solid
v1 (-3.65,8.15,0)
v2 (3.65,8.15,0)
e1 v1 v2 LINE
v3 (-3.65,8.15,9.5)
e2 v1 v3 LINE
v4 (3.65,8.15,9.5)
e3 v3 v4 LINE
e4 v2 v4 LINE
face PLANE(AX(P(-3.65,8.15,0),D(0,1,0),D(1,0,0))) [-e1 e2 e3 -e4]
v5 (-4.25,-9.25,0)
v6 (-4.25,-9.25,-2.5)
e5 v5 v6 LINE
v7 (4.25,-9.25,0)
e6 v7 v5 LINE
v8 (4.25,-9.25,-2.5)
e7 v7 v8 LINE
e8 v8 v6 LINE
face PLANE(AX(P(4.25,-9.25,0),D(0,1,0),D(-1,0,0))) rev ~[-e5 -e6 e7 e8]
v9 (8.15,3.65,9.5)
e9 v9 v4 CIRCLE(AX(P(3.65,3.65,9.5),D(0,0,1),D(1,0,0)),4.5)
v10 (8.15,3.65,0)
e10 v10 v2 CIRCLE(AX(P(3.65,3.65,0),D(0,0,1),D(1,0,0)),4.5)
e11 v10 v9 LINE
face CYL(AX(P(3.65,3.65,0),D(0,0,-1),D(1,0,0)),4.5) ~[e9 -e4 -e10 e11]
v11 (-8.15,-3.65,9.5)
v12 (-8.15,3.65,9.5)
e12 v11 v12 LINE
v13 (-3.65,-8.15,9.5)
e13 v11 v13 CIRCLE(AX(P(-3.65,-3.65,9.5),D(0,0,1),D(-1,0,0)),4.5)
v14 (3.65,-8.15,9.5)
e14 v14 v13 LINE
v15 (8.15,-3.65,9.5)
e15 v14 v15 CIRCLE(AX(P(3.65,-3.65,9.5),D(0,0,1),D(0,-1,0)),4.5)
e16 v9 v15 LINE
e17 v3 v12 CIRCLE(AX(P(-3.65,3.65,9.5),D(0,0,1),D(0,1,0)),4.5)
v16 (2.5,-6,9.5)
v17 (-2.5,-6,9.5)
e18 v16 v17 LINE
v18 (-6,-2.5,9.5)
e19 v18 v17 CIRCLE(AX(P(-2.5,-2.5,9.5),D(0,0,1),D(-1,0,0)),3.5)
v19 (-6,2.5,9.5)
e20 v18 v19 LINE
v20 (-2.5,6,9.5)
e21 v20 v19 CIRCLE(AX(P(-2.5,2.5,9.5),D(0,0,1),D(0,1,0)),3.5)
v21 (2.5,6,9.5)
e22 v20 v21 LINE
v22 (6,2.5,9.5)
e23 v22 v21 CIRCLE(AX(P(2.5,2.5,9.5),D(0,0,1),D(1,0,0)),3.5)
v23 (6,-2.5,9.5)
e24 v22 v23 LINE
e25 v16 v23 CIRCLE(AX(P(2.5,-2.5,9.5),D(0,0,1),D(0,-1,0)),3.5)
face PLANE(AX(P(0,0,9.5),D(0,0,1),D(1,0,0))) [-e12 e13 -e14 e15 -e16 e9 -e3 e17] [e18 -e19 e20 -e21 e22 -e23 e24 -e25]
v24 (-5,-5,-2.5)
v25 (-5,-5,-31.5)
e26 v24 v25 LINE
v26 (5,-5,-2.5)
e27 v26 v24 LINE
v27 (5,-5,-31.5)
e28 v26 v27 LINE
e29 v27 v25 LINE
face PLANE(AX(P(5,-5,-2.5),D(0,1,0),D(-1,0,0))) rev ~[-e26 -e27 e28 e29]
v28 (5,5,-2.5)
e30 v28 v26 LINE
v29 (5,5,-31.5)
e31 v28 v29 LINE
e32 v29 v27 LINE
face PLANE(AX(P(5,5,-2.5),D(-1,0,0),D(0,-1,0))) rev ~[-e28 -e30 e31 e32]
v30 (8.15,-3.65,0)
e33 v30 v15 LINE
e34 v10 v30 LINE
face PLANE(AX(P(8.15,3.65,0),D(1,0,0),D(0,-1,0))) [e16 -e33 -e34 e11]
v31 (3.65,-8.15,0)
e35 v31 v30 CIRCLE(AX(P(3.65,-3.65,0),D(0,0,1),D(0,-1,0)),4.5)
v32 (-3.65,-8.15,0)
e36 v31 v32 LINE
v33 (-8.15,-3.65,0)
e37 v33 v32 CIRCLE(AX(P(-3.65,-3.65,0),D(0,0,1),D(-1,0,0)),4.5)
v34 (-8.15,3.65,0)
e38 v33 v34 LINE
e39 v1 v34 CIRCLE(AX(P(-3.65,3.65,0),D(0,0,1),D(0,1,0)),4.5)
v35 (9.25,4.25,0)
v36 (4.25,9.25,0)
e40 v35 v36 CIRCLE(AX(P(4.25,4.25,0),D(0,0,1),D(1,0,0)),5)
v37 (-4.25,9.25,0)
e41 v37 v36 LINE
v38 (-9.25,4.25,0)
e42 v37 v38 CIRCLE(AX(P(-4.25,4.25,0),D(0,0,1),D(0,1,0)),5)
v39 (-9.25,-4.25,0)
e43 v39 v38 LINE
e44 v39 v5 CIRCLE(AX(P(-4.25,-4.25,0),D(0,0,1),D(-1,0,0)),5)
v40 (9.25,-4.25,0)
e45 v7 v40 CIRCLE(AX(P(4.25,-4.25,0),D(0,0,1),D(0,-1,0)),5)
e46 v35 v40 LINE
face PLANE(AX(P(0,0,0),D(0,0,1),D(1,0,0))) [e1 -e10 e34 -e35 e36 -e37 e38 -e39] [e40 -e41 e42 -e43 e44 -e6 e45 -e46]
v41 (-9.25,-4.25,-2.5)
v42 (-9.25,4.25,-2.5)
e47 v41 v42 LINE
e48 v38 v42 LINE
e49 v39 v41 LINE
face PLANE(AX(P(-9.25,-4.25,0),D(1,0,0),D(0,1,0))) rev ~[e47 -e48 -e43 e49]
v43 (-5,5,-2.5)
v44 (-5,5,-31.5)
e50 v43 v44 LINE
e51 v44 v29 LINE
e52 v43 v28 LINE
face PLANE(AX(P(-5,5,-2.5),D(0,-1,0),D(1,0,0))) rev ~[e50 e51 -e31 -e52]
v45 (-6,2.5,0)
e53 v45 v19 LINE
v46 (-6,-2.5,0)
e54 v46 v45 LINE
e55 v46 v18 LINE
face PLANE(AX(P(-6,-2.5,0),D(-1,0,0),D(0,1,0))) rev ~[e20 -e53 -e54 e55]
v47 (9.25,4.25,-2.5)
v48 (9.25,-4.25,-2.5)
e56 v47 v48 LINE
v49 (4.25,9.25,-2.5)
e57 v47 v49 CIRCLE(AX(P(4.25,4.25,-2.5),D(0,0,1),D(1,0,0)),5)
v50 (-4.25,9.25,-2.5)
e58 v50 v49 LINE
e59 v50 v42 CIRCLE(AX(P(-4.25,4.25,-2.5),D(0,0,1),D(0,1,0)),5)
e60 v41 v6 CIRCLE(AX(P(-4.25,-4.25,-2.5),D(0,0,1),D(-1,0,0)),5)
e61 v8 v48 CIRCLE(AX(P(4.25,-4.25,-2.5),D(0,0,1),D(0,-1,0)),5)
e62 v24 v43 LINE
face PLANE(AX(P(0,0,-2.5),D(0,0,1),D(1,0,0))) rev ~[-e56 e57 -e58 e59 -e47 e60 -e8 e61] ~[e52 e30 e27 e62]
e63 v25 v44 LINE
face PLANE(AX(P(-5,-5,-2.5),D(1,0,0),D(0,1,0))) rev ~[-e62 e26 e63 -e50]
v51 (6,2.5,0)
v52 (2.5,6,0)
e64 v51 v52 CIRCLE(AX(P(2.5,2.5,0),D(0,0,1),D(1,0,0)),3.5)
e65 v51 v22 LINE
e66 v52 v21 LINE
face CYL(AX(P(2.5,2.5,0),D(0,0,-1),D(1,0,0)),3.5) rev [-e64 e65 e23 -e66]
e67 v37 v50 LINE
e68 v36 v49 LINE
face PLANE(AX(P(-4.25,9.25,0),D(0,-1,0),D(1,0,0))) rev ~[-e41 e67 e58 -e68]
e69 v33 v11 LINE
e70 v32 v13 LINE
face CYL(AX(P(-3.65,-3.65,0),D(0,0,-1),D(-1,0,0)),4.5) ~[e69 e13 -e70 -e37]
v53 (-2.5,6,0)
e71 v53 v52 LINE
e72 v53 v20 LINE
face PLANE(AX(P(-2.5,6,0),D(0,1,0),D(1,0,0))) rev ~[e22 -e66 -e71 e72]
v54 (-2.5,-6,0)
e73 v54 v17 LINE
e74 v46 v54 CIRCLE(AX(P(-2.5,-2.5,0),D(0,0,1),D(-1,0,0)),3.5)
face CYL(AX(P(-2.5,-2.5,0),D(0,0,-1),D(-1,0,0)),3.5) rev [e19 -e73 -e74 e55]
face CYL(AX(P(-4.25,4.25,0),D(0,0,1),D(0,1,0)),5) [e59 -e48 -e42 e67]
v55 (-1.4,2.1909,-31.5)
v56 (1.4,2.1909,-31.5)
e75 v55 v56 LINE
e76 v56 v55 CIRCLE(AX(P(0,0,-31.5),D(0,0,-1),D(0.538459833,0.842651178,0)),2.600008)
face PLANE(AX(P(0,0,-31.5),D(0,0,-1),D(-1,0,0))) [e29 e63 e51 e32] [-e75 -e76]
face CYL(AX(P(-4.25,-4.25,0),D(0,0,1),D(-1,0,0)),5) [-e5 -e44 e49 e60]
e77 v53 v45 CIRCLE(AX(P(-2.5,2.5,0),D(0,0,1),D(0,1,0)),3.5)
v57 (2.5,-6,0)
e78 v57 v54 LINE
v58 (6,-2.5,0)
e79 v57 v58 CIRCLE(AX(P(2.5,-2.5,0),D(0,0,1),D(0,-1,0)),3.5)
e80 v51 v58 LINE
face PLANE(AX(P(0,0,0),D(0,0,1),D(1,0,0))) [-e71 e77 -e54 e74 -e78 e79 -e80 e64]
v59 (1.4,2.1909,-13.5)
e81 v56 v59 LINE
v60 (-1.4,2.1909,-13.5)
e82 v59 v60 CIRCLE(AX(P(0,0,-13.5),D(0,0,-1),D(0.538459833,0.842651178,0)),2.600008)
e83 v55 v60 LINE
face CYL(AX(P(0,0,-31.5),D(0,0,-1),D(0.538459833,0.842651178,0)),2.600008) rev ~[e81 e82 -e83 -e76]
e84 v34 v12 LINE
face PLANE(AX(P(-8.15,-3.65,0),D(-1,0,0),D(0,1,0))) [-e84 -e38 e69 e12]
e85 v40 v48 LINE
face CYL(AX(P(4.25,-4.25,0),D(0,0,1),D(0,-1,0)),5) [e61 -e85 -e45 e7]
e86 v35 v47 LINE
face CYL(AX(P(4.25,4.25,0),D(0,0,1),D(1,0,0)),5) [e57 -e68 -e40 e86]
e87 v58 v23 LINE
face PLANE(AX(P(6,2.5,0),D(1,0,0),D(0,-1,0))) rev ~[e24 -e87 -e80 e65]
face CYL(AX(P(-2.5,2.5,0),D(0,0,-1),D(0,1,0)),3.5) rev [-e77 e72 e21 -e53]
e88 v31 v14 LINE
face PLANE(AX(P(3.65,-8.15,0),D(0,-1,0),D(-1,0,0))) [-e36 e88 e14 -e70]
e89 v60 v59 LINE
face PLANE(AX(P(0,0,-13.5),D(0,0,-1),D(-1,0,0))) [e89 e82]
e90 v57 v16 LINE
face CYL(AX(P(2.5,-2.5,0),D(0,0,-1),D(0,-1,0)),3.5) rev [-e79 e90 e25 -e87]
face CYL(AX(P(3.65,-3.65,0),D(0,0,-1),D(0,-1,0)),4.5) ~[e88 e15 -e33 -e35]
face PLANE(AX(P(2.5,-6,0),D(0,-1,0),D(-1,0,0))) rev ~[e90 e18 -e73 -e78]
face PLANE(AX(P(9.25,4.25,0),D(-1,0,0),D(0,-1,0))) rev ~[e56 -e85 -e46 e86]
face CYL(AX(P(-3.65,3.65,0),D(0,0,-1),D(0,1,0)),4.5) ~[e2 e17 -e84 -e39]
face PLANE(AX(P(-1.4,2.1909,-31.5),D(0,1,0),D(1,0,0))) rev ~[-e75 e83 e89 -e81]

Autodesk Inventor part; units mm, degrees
ref_plane "YZ Plane" through (0, 0, 0) normal (1, 0, 0) x (0, 1, 0)
ref_plane "XZ Plane" through (0, 0, 0) normal (0, 1, 0) x (-1, 0, 0)
ref_plane "XY Plane" through (0, 0, 0) normal (0, 0, 1) x (1, 0, 0)
sketch "Boceto1" plane through (0, 0, 0) normal (0, 0, 1) x (1, 0, 0)
  line L0 (-4.25, 9.25) -> (4.25, 9.25)
  line L1 (9.25, 4.25) -> (9.25, -4.25)
  line L2 (4.25, -9.25) -> (-4.25, -9.25)
  line L3 (-9.25, -4.25) -> (-9.25, 4.25)
  arc A0 (-4.25, 9.25) -> (-9.25, 4.25) centre (-4.25, 4.25) ccw
  arc A1 (-9.25, -4.25) -> (-4.25, -9.25) centre (-4.25, -4.25) ccw
  arc A2 (4.25, -9.25) -> (9.25, -4.25) centre (4.25, -4.25) ccw
  arc A3 (9.25, 4.25) -> (4.25, 9.25) centre (4.25, 4.25) ccw
extrude "Extrusión1" add sketch "Boceto1" against normal blind 2.5
sketch "Boceto3" plane through (0, 0, -2.5) normal (0, 0, -1) x (-1, 0, 0)
  line L0 (-5, -5) -> (5, -5)
  line L1 (5, -5) -> (5, 5)
  line L2 (5, 5) -> (-5, 5)
  line L3 (-5, 5) -> (-5, -5)
extrude "Extrusión2" add sketch "Boceto3" along normal blind 29
sketch "Boceto4" plane through (0, 0, 0) normal (0, 0, 1) x (1, 0, 0)
  line L0 (-3.65, 8.15) -> (3.65, 8.15)
  line L1 (8.15, 3.65) -> (8.15, -3.65)
  line L2 (3.65, -8.15) -> (-3.65, -8.15)
  line L3 (-8.15, -3.65) -> (-8.15, 3.65)
  arc A0 (3.65, -8.15) -> (8.15, -3.65) centre (3.65, -3.65) ccw
  arc A1 (-8.15, -3.65) -> (-3.65, -8.15) centre (-3.65, -3.65) ccw
  arc A2 (-3.65, 8.15) -> (-8.15, 3.65) centre (-3.65, 3.65) ccw
  arc A3 (8.15, 3.65) -> (3.65, 8.15) centre (3.65, 3.65) ccw
  line L4 (-2.5, 6) -> (2.5, 6)
  line L5 (6, 2.5) -> (6, -2.5)
  line L6 (2.5, -6) -> (-2.5, -6)
  line L7 (-6, -2.5) -> (-6, 2.5)
  arc A4 (6, 2.5) -> (2.5, 6) centre (2.5, 2.5) ccw
  arc A5 (2.5, -6) -> (6, -2.5) centre (2.5, -2.5) ccw
  arc A6 (-6, -2.5) -> (-2.5, -6) centre (-2.5, -2.5) ccw
  arc A7 (-2.5, 6) -> (-6, 2.5) centre (-2.5, 2.5) ccw
extrude "Extrusión3" add sketch "Boceto4" along normal blind 9.5
sketch "Boceto5" plane through (0, 0, -31.5) normal (0, 0, -1) x (-1, 0, 0)
  arc A0 (-1.4, 2.1909) -> (1.4, 2.1909) centre (0, 0) ccw
  line L0 (1.4, 2.1909) -> (-1.4, 2.1909)
  dimension "d36" = 5.2
  dimension "d37" = 2.8
extrude "Extrusión4" cut sketch "Boceto5" against normal blind 18
properties part number "_3DPrint"
